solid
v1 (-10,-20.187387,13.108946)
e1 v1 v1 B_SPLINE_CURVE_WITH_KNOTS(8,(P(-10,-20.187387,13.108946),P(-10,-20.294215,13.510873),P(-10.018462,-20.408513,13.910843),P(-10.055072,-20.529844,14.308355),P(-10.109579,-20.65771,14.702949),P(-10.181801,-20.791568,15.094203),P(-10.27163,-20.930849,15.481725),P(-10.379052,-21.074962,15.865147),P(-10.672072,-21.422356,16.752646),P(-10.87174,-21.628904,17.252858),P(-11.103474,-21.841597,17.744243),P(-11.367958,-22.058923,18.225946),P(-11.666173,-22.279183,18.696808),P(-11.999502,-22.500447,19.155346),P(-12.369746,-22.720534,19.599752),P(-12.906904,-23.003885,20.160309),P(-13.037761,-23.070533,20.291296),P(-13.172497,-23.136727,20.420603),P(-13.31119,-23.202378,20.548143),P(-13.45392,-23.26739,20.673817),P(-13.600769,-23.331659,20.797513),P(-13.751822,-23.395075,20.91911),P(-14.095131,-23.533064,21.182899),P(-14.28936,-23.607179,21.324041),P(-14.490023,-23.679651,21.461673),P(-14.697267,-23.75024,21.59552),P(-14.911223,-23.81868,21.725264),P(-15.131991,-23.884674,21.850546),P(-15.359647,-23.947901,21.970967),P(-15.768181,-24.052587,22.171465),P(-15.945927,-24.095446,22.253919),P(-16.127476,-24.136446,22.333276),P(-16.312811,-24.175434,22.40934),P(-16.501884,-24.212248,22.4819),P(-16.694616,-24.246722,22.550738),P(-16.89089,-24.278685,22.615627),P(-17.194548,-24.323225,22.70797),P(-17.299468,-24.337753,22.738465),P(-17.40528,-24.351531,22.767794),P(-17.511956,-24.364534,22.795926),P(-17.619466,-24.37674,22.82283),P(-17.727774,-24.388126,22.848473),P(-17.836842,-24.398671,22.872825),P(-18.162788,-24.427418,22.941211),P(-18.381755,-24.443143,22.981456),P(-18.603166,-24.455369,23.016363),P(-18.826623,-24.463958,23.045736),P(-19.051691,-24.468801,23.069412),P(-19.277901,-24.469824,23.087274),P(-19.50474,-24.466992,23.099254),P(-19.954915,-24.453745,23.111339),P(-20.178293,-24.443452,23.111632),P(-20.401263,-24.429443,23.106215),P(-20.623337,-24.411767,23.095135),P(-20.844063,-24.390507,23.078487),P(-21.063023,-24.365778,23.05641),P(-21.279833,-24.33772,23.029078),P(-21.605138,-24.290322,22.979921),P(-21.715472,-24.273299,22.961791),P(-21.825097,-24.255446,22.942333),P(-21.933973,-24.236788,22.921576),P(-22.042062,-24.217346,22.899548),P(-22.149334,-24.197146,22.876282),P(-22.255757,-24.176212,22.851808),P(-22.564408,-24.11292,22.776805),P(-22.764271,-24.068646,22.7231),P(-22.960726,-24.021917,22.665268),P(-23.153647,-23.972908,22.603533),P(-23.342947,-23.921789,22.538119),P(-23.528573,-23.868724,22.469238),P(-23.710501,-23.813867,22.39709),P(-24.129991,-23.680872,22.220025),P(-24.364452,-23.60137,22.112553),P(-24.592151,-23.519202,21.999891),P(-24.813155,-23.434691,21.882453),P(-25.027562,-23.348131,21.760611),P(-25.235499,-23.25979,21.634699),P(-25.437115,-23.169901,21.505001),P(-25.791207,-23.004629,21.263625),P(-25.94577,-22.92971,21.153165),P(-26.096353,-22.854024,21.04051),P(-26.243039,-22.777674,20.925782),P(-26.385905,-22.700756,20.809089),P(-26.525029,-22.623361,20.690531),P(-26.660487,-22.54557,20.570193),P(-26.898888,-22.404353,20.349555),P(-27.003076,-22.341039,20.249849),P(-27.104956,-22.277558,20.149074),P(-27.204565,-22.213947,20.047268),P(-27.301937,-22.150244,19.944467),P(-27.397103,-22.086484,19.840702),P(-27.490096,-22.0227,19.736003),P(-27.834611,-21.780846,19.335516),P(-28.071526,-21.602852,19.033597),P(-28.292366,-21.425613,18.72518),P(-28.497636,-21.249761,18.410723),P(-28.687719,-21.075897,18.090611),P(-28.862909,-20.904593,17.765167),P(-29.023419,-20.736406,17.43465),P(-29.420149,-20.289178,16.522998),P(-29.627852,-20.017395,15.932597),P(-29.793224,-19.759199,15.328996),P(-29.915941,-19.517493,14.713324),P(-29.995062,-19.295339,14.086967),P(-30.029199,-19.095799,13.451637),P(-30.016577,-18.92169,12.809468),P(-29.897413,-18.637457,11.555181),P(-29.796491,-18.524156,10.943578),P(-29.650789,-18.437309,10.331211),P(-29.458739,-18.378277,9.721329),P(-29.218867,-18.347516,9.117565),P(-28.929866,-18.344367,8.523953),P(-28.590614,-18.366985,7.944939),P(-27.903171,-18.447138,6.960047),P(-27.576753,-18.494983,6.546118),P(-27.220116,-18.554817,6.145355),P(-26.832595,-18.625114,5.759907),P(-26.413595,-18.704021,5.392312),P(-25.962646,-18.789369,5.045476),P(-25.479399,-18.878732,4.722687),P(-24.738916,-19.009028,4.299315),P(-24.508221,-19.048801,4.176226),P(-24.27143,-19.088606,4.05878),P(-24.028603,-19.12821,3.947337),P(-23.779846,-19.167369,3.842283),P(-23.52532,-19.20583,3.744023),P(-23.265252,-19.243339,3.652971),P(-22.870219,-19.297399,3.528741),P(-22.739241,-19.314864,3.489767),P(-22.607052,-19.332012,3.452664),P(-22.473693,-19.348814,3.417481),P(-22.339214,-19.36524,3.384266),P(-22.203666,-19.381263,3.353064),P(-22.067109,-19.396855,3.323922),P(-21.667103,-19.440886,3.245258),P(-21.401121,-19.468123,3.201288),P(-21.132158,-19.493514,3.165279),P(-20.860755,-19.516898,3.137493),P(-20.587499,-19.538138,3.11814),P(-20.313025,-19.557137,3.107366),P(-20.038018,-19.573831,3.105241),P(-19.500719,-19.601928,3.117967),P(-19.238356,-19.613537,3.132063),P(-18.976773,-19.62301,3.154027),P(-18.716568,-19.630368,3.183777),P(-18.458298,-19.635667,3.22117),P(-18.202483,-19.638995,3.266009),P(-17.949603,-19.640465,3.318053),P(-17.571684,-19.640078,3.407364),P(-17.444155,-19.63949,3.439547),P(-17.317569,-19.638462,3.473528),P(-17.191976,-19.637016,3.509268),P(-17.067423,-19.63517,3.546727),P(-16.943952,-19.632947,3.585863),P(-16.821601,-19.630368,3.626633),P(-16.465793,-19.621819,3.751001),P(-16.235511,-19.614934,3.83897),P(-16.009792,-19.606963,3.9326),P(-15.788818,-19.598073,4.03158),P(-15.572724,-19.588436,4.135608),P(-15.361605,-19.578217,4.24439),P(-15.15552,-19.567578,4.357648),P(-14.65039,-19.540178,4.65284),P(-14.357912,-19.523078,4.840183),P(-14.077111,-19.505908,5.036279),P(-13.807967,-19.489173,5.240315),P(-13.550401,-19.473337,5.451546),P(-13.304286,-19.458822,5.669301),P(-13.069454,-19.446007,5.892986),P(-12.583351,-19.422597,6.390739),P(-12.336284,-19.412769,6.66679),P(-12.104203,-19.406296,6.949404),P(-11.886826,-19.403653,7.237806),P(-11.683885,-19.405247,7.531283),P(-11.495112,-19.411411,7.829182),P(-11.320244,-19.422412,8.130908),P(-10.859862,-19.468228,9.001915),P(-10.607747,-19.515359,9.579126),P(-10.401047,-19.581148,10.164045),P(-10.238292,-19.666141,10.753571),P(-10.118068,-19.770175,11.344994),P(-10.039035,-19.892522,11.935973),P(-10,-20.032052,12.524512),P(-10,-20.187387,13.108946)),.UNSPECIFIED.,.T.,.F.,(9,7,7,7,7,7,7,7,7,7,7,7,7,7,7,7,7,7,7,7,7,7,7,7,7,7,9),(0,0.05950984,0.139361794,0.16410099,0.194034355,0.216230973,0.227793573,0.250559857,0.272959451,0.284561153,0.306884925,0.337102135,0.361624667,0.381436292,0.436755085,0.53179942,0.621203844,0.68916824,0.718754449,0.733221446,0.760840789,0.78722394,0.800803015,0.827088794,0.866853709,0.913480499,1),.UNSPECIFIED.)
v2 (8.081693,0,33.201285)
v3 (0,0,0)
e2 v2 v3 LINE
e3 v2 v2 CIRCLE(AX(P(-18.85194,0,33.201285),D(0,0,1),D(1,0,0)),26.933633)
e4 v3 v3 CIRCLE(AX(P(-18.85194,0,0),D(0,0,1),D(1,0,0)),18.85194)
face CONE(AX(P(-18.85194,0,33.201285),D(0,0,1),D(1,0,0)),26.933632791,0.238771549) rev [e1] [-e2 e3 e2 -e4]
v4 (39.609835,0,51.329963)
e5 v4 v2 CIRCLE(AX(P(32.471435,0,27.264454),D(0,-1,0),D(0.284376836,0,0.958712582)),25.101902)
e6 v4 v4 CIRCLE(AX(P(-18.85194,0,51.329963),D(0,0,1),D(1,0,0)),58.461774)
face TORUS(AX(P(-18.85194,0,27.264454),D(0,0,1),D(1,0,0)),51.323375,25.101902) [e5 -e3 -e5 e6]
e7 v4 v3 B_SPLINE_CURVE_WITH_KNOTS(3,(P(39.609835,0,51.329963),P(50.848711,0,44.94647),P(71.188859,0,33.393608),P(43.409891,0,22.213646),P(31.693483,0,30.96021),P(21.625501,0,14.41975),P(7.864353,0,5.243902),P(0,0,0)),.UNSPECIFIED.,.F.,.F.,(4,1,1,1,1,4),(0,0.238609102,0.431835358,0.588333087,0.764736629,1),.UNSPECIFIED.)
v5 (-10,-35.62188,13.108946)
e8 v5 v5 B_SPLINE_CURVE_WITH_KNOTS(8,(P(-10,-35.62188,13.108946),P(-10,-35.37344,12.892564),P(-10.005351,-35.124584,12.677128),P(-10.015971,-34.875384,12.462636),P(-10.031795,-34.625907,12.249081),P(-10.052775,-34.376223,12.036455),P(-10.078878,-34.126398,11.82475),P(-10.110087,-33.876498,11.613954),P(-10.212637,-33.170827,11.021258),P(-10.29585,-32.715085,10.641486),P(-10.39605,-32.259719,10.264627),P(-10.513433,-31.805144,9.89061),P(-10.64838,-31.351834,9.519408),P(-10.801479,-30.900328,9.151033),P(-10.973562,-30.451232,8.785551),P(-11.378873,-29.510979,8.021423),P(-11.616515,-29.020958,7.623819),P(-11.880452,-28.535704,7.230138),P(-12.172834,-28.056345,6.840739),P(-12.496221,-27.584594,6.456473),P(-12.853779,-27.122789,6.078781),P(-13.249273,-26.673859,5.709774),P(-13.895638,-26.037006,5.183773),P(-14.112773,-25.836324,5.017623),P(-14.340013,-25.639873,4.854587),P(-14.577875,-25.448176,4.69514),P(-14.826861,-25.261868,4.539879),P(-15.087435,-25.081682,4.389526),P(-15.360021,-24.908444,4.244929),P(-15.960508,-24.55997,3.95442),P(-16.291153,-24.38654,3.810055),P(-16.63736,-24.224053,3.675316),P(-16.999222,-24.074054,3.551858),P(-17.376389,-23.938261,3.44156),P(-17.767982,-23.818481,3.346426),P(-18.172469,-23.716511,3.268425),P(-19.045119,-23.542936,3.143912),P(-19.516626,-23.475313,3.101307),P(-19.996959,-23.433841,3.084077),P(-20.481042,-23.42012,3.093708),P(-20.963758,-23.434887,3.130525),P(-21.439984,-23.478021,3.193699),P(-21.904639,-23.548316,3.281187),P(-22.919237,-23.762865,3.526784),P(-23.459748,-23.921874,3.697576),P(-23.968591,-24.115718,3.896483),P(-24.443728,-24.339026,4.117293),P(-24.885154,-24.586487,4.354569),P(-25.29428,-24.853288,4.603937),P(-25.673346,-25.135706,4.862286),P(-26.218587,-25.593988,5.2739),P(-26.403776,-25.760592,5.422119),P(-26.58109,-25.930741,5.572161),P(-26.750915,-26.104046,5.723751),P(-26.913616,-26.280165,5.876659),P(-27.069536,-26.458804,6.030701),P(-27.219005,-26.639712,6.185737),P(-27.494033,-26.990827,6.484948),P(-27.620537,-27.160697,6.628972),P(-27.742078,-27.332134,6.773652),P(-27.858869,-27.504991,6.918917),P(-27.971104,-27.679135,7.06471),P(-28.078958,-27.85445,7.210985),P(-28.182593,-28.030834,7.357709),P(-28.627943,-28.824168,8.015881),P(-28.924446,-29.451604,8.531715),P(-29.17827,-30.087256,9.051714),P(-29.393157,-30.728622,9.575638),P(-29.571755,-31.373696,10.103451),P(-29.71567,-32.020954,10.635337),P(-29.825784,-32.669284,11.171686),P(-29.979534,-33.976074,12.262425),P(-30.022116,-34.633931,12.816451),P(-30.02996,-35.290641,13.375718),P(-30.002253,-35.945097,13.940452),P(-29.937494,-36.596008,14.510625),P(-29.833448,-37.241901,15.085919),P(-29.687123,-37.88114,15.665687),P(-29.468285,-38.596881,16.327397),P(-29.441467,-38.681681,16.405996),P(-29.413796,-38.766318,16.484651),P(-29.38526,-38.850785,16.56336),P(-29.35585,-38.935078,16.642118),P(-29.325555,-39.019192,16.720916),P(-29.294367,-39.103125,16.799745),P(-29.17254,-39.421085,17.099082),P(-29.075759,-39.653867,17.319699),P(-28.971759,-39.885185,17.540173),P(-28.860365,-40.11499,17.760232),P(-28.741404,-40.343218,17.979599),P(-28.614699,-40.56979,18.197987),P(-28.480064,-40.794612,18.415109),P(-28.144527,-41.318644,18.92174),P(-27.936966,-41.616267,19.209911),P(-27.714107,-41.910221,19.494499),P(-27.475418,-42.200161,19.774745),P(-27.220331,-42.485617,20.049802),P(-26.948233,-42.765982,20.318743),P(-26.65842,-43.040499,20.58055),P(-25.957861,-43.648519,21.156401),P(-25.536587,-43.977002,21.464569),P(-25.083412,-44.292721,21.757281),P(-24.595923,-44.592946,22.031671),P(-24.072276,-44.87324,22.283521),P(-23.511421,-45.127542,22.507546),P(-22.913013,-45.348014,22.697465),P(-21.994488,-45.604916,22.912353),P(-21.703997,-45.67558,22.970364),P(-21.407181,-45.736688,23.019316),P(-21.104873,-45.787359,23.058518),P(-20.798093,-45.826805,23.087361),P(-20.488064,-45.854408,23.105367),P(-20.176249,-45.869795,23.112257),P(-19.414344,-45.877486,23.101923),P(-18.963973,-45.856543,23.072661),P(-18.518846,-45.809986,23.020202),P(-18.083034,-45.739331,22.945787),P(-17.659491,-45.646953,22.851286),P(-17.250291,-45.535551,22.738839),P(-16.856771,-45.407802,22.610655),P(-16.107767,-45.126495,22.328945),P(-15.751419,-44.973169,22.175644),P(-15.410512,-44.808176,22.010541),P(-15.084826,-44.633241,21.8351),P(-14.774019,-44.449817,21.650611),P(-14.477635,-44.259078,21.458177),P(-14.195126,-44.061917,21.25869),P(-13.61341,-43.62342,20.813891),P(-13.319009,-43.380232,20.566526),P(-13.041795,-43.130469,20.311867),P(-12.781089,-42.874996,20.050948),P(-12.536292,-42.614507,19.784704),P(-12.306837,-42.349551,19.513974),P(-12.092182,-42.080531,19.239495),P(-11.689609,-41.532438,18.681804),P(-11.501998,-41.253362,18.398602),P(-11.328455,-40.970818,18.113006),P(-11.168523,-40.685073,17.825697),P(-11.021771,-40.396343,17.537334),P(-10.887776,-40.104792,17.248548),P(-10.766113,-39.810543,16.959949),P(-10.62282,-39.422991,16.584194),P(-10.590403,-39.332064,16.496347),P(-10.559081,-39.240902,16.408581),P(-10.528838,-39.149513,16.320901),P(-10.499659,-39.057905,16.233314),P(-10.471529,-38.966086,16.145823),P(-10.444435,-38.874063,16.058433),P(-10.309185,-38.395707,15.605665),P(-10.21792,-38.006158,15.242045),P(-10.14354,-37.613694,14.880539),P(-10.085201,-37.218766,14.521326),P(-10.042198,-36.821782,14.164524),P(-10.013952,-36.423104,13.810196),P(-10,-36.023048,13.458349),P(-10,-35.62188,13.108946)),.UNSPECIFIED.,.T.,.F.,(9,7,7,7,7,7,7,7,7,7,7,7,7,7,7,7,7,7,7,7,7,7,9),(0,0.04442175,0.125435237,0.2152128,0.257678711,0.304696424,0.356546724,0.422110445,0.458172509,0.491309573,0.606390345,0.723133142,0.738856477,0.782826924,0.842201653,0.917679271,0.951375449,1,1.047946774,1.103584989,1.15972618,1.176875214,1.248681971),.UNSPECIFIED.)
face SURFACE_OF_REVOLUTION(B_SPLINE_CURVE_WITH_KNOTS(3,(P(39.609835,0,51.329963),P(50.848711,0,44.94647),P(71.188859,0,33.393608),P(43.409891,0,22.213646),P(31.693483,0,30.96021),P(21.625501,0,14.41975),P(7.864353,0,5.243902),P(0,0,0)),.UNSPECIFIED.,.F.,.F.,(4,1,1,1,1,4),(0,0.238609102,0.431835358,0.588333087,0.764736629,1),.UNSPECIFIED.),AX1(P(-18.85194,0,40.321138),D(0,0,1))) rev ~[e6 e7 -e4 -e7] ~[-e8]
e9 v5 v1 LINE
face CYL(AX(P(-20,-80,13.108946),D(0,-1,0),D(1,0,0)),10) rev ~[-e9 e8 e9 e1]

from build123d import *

# Parameters (mm, degrees)
F3_R     = 10
F4_DEPTH = 70


with BuildPart() as f1:
    # F0 (on Front) → F1 (revolve)
    with BuildSketch(Plane.XZ):
        with BuildLine():
            Line((8.0816932023, 33.2012847066), (0, 0))
            add(Edge.make_bspline(
                [(39.6098345518, 51.3299629092), (50.8487114737, 44.9464699029), (71.1888594451, 33.3936080622), (43.4098908019, 22.2136462352), (31.6934831347, 30.960210286), (21.6255014725, 14.4197503099), (7.8643533799, 5.243902077), (0, 0)],
                knots=[0, 0, 0, 0, 0.2386091016, 0.4318353575, 0.5883330866, 0.7647366295, 1, 1, 1, 1], degree=3))
            ThreePointArc((39.6098345518, 51.3299629092), (19.9588635394, 49.0254516281), (8.0816932023, 33.2012847066))
        make_face()
    revolve(axis=Axis((-18.8519395888, 0, 40.3211377561), (0, 0, 1)))

    # F3 (on offset) → F4 (cut)
    with BuildSketch(Plane.XZ.offset(80)):
        with Locations((-20, 13.108946383)):
            Circle(F3_R)
    extrude(amount=-F4_DEPTH, mode=Mode.SUBTRACT)


solid = f1.part
